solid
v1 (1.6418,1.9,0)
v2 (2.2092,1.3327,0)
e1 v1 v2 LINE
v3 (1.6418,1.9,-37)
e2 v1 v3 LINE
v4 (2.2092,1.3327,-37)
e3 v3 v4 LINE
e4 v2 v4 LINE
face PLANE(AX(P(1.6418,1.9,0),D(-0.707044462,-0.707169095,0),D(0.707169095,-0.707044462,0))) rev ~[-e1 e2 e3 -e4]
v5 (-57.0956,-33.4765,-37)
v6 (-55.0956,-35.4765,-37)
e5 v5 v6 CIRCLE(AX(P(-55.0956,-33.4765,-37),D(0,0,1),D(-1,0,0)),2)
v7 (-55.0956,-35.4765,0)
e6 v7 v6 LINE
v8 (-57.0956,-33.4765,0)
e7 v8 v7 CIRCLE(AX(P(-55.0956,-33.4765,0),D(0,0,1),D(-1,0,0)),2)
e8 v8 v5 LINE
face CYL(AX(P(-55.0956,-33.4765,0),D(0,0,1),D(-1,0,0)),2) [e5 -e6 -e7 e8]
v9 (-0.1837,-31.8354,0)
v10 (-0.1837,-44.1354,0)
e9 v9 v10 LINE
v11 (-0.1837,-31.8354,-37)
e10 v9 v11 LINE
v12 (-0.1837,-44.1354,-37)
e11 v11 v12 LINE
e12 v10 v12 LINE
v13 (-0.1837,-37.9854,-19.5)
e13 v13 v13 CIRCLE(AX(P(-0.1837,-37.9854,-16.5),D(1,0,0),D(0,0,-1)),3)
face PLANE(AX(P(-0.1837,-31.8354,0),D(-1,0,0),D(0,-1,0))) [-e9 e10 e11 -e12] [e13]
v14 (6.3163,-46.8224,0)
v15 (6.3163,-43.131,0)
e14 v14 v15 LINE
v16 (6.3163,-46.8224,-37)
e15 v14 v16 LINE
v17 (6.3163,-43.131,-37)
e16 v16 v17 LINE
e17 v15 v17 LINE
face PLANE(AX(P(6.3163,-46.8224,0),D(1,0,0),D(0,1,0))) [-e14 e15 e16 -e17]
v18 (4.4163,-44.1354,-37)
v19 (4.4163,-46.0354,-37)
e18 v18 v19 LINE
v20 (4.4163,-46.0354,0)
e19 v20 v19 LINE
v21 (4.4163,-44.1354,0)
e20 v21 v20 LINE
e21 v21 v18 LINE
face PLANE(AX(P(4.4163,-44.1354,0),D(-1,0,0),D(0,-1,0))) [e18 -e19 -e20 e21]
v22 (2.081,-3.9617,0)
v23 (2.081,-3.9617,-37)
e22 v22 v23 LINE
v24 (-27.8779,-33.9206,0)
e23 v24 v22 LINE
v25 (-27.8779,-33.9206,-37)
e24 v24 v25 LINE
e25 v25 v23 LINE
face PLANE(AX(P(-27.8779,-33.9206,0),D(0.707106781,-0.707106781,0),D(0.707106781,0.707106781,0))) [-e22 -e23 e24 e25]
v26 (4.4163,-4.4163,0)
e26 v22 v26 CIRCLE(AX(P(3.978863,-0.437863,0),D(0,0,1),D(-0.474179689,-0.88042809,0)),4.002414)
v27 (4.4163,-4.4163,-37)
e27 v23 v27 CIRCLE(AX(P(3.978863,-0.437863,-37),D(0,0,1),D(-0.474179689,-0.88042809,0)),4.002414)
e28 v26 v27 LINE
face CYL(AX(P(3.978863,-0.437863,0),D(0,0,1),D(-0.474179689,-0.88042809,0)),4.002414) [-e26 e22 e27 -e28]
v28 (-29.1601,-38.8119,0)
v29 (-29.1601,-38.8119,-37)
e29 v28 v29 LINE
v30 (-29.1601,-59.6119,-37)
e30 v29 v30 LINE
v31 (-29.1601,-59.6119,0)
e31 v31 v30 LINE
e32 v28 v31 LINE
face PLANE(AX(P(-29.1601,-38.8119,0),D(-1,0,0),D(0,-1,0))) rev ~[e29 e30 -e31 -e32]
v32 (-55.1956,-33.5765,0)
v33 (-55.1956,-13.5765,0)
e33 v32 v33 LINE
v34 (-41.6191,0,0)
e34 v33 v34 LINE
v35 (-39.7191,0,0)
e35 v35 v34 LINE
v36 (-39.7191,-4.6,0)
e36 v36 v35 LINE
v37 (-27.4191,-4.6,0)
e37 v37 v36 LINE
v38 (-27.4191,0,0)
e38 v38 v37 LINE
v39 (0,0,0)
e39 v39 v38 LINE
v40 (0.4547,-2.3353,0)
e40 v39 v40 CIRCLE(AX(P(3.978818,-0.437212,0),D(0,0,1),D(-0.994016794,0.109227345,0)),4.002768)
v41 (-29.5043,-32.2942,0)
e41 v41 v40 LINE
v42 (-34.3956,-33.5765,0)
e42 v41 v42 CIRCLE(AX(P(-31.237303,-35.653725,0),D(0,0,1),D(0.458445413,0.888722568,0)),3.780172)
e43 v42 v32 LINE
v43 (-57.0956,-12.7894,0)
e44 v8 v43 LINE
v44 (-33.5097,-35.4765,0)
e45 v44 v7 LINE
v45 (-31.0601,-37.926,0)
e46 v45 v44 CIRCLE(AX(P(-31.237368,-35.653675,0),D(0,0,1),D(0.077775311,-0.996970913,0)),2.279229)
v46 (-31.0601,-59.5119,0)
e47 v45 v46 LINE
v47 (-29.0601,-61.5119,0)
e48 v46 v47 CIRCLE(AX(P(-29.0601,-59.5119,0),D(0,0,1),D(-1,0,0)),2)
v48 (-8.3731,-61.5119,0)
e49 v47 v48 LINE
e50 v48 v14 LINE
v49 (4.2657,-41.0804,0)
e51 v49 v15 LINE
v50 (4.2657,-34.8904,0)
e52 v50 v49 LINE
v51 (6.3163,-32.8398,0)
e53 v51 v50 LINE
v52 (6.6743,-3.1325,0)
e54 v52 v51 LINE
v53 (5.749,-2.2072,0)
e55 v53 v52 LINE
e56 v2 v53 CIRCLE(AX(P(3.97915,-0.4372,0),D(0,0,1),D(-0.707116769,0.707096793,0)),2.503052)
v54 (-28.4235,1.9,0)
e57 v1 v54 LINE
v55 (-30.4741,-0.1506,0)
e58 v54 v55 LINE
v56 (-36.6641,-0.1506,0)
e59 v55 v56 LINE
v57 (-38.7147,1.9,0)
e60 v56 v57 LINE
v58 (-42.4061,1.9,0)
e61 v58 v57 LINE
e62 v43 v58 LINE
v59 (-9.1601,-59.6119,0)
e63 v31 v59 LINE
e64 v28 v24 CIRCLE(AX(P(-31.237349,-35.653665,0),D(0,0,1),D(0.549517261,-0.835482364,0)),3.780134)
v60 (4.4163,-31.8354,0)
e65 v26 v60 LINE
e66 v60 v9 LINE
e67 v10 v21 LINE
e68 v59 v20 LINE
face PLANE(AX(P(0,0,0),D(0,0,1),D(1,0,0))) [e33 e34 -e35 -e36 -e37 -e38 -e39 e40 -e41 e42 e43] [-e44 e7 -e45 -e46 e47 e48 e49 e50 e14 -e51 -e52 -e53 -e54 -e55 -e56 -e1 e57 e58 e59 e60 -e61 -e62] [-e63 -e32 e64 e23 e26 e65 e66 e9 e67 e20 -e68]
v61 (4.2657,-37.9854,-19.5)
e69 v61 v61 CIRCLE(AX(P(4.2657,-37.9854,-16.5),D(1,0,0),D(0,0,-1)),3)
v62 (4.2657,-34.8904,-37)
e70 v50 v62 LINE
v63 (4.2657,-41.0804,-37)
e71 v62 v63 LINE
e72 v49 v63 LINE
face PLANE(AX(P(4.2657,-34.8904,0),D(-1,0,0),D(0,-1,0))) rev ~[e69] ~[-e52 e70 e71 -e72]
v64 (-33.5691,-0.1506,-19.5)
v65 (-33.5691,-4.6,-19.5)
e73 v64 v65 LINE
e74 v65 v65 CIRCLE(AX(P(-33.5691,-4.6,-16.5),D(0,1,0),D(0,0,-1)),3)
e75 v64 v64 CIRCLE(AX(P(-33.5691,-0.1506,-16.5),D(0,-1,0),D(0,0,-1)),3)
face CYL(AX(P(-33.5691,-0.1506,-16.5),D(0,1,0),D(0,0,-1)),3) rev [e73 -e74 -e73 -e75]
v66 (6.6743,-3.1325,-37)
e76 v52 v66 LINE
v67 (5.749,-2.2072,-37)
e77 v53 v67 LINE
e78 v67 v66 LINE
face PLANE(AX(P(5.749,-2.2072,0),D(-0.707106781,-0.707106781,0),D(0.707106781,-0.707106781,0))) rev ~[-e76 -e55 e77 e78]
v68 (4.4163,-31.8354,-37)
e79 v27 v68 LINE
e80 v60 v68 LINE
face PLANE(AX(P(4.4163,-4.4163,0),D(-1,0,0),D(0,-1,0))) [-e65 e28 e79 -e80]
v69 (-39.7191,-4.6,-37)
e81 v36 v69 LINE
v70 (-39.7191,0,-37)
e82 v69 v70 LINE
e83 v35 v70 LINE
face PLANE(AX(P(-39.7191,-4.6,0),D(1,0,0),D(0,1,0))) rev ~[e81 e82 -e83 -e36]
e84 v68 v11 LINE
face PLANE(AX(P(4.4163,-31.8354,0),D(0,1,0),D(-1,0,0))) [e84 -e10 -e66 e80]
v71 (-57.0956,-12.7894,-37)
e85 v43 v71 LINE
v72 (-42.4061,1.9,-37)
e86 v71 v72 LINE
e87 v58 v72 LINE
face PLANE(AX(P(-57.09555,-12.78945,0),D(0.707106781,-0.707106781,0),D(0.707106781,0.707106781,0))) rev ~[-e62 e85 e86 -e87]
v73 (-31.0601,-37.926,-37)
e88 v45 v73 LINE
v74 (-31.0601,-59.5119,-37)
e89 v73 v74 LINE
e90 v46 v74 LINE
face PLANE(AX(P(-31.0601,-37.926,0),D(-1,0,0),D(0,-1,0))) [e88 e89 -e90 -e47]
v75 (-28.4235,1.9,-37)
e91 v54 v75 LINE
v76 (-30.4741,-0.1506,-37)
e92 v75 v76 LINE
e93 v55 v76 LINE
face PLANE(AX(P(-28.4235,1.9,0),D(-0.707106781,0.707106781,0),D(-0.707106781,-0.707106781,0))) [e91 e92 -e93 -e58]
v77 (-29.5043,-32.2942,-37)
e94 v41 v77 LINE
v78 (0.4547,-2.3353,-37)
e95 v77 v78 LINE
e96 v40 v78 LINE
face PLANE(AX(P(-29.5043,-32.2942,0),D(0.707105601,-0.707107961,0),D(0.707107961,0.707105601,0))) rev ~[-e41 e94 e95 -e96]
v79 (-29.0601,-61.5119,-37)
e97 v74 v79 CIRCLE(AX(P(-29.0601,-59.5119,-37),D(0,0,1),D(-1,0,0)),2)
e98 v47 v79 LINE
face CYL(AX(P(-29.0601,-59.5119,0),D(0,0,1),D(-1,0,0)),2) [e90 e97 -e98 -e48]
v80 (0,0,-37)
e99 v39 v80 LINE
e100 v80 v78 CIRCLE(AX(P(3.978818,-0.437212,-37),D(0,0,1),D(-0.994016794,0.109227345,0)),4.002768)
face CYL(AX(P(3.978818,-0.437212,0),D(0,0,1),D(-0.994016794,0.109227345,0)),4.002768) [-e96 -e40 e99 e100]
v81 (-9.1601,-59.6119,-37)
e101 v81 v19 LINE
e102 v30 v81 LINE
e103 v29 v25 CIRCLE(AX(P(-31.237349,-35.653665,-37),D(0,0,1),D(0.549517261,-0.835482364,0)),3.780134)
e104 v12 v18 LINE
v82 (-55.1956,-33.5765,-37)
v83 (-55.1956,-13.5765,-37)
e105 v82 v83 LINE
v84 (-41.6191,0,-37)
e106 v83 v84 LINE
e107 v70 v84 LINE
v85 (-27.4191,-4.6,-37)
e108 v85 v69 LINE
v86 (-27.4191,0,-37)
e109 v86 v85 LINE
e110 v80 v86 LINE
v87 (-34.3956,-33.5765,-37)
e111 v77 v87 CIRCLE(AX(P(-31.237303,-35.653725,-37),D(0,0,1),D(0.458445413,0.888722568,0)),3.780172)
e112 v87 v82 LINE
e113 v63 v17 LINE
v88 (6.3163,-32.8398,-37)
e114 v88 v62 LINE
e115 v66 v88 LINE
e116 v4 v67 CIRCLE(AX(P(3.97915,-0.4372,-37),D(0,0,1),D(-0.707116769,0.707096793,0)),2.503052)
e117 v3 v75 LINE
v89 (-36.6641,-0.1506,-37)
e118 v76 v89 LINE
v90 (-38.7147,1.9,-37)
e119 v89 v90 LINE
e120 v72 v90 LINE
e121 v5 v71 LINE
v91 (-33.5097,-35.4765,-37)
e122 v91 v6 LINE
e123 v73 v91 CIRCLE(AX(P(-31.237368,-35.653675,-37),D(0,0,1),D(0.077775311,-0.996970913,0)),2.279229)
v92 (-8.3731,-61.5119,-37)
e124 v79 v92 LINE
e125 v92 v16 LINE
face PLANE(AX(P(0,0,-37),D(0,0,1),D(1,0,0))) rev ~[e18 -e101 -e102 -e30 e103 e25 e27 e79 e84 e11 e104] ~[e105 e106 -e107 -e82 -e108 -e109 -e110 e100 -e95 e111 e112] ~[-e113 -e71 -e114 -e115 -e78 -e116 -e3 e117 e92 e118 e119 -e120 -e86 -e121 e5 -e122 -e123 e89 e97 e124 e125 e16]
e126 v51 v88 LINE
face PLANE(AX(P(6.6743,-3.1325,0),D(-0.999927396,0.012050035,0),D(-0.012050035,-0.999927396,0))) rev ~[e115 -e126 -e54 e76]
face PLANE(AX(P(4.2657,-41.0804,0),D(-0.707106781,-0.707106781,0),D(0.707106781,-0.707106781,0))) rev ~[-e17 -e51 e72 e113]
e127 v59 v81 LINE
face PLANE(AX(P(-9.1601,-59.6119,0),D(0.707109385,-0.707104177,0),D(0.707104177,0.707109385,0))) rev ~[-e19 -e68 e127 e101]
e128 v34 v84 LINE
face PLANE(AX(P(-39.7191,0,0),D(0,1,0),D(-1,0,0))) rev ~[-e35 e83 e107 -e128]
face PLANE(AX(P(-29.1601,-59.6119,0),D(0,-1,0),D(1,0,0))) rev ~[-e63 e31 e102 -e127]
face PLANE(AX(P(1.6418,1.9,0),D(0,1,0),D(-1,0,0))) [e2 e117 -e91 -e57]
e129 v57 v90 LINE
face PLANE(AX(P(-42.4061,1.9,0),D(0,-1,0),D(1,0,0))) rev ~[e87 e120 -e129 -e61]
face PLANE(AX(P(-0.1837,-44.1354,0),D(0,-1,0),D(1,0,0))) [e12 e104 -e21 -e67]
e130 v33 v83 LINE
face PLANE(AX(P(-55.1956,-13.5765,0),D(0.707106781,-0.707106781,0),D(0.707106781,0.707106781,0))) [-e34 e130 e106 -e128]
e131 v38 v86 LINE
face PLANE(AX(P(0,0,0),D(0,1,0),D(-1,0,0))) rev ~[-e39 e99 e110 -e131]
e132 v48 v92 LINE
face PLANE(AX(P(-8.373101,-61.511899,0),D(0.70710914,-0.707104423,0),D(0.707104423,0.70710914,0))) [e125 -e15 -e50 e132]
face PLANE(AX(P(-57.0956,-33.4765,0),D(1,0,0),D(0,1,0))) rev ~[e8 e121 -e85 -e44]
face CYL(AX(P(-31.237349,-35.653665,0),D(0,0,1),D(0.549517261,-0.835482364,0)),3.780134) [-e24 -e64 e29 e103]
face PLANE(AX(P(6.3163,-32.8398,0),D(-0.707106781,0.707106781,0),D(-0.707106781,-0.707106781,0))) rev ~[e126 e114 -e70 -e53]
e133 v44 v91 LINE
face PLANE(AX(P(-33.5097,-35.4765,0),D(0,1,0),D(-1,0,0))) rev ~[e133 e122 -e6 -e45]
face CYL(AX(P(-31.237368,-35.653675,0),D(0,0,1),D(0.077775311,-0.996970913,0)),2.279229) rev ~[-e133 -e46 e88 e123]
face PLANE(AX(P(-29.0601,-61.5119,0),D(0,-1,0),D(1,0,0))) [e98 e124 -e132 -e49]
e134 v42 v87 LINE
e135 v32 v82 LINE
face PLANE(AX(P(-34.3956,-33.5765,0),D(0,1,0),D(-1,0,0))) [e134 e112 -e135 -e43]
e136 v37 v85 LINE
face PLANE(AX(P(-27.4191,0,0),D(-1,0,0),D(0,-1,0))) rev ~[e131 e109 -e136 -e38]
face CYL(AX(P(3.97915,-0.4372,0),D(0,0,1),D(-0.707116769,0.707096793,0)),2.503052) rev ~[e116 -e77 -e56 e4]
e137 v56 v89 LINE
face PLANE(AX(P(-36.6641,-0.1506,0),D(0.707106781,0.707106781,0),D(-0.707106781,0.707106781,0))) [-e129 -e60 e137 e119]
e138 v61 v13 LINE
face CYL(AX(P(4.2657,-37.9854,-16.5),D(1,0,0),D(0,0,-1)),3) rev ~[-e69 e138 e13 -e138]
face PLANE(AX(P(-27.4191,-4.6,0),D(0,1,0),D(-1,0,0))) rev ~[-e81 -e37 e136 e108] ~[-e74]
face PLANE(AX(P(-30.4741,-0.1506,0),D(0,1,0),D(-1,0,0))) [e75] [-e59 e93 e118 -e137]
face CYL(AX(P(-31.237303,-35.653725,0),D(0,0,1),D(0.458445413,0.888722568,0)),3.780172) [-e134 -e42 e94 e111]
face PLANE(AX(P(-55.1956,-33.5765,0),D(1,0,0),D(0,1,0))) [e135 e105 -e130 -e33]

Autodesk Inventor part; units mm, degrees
sketch "Sketch1" plane through (0, 0, 0) normal (0, 0, 1) x (1, 0, 0)
  line L0 (0, 0) -> (-27.4191, 0)
  line L1 (-27.4191, 0) -> (-27.4191, -4.6)
  line L2 (-27.4191, -4.6) -> (-39.7191, -4.6)
  line L3 (-39.7191, -4.6) -> (-39.7191, 0)
  line L4 (-39.7191, 0) -> (-41.6191, 0)
  line L5 (-55.1956, -13.5765) -> (-41.6191, 0)
  line L6 (-55.1956, -33.5765) -> (-55.1956, -13.5765)
  line L7 (-34.3956, -33.5765) -> (-55.1956, -33.5765)
  line L8 (1.6418, 1.9) -> (-28.4235, 1.9)
  line L9 (-28.4235, 1.9) -> (-30.4741, -0.1506)
  line L10 (-30.4741, -0.1506) -> (-36.6641, -0.1506)
  line L11 (-36.6641, -0.1506) -> (-38.7147, 1.9)
  line L12 (-42.4061, 1.9) -> (-38.7147, 1.9)
  line L13 (-57.3968, -13.0907) -> (-42.4061, 1.9)
  line L14 (-57.0956, -33.4765) -> (-57.0956, -12.7894)
  line L15 (-33.5097, -35.4765) -> (-55.0956, -35.4765)
  arc A0 (-57.0956, -33.4765) -> (-55.0956, -35.4765) centre (-55.0956, -33.4765) ccw
  line L16 (-29.5043, -32.2942) -> (0.4547, -2.3353)
  line L17 (8.0118, 3.5954) -> (-35.5125, -39.9288) construction
  line L18 (4.4163, -4.4163) -> (4.4163, -31.8354)
  line L19 (4.4163, -31.8354) -> (-0.1837, -31.8354)
  line L20 (-0.1837, -31.8354) -> (-0.1837, -44.1354)
  line L21 (-0.1837, -44.1354) -> (4.4163, -44.1354)
  line L22 (4.4163, -44.1354) -> (4.4163, -46.0354)
  line L23 (-9.1601, -59.6119) -> (4.4163, -46.0354)
  line L24 (-29.1601, -59.6119) -> (-9.1601, -59.6119)
  line L25 (-29.1601, -38.8119) -> (-29.1601, -59.6119)
  line L26 (6.6743, -3.1325) -> (6.3163, -32.8398)
  line L27 (6.3163, -32.8398) -> (4.2657, -34.8904)
  line L28 (4.2657, -34.8904) -> (4.2657, -41.0804)
  line L29 (4.2657, -41.0804) -> (6.3163, -43.131)
  line L30 (6.3163, -46.8224) -> (6.3163, -43.131)
  line L31 (-8.6743, -61.8131) -> (6.3163, -46.8224)
  line L32 (-29.0601, -61.5119) -> (-8.3731, -61.5119)
  line L33 (-31.0601, -37.926) -> (-31.0601, -59.5119)
  arc A1 (-31.0601, -59.5119) -> (-29.0601, -61.5119) centre (-29.0601, -59.5119) ccw
  line L34 (-27.8779, -33.9206) -> (2.081, -3.9617)
  arc A2 (-29.1601, -38.8119) -> (-27.8779, -33.9206) centre (-31.2373, -35.6537) ccw
  arc A3 (-29.5043, -32.2942) -> (-34.3956, -33.5765) centre (-31.2373, -35.6537) ccw
  arc A4 (2.081, -3.9617) -> (4.4163, -4.4163) centre (3.9791, -0.4372) ccw
  arc A5 (0, 0) -> (0.4547, -2.3353) centre (3.9791, -0.4372) ccw
  arc A6 (2.2092, 1.3327) -> (5.749, -2.2072) centre (3.9791, -0.4372) ccw
  arc A7 (-31.0601, -37.926) -> (-33.5097, -35.4765) centre (-31.2373, -35.6537) ccw
  line L35 (1.6418, 1.9) -> (2.2092, 1.3327)
  line L36 (5.749, -2.2072) -> (6.6743, -3.1325)
  point P0 (0, 0)
  point P1 (-57.0956, -35.4765)
  point P2 (-13.7504, -18.1667)
  point P3 (-31.0601, -61.5119)
  point P4 (-29.6257, -34.042)
  dimension "d1" = 4.6
  dimension "d2" = 12.3
  dimension "d3" = 1.9
  dimension "d4" = 135
  dimension "d5" = 19.2
  dimension "d6" = 20
  dimension "d7" = 20.8
  dimension "d10" = 1.9
  dimension "d11" = 2.9
  dimension "d12" = 2.9
  dimension "d14" = 6.19
  dimension "d15" = 3.055
  dimension "d17" = 135
  dimension "d18" = 135
  dimension "d20" = 21.2
  dimension "d22" = 1.9
  dimension "d23" = 1.9
  dimension "d24" = 1.9
  dimension "d25" = 22.687
  dimension "d27" = 2
  dimension "d33" = 2.3
  dimension "d34" = 90
  dimension "d45" = 1.5
  dimension "d46" = 1.5009
extrude "Extrusion1" add sketch "Sketch1" against normal blind 37
ref_plane "Work Plane1" through (4.2657, -41.0804, 0) normal (1, 0, 0) x (0, 0, -1)
sketch "Sketch2" plane through (4.2657, -41.0804, 0) normal (1, 0, 0) x (0, 0, -1)
  circle A0 centre (16.5, 3.095) radius 3
  line L0 (0, 0) -> (0, 6.19) projected
  line L1 (0, 0) -> (37, 0) projected
  point P0 (0, 41.0804)
  dimension "d52" = 6
  dimension "d53" = 16.5
  dimension "d55" = 3.095
extrude "Extrusion2" cut sketch "Sketch2" against normal blind 10
thread "Thread1" size "M6x1" class "6H" standard "ANSI Metric M Profile" full length
ref_plane "Work Plane2" through (-28.6911, -33.1074, 0) normal (0.7071, -0.7071, 0) x (-0.7071, -0.7071, 0)
mirror "Mirror1" about plane through (-28.6911, -33.1074, 0) normal (0.7071, -0.7071, 0) of "Extrusion2"
ref_plane "Plano de trabajo3" through (0, 0, -18.5) normal (0, 0, 1) x (1, 0, 0)
properties part number "ESCUADRA UNIÓN 45 GORDA"
